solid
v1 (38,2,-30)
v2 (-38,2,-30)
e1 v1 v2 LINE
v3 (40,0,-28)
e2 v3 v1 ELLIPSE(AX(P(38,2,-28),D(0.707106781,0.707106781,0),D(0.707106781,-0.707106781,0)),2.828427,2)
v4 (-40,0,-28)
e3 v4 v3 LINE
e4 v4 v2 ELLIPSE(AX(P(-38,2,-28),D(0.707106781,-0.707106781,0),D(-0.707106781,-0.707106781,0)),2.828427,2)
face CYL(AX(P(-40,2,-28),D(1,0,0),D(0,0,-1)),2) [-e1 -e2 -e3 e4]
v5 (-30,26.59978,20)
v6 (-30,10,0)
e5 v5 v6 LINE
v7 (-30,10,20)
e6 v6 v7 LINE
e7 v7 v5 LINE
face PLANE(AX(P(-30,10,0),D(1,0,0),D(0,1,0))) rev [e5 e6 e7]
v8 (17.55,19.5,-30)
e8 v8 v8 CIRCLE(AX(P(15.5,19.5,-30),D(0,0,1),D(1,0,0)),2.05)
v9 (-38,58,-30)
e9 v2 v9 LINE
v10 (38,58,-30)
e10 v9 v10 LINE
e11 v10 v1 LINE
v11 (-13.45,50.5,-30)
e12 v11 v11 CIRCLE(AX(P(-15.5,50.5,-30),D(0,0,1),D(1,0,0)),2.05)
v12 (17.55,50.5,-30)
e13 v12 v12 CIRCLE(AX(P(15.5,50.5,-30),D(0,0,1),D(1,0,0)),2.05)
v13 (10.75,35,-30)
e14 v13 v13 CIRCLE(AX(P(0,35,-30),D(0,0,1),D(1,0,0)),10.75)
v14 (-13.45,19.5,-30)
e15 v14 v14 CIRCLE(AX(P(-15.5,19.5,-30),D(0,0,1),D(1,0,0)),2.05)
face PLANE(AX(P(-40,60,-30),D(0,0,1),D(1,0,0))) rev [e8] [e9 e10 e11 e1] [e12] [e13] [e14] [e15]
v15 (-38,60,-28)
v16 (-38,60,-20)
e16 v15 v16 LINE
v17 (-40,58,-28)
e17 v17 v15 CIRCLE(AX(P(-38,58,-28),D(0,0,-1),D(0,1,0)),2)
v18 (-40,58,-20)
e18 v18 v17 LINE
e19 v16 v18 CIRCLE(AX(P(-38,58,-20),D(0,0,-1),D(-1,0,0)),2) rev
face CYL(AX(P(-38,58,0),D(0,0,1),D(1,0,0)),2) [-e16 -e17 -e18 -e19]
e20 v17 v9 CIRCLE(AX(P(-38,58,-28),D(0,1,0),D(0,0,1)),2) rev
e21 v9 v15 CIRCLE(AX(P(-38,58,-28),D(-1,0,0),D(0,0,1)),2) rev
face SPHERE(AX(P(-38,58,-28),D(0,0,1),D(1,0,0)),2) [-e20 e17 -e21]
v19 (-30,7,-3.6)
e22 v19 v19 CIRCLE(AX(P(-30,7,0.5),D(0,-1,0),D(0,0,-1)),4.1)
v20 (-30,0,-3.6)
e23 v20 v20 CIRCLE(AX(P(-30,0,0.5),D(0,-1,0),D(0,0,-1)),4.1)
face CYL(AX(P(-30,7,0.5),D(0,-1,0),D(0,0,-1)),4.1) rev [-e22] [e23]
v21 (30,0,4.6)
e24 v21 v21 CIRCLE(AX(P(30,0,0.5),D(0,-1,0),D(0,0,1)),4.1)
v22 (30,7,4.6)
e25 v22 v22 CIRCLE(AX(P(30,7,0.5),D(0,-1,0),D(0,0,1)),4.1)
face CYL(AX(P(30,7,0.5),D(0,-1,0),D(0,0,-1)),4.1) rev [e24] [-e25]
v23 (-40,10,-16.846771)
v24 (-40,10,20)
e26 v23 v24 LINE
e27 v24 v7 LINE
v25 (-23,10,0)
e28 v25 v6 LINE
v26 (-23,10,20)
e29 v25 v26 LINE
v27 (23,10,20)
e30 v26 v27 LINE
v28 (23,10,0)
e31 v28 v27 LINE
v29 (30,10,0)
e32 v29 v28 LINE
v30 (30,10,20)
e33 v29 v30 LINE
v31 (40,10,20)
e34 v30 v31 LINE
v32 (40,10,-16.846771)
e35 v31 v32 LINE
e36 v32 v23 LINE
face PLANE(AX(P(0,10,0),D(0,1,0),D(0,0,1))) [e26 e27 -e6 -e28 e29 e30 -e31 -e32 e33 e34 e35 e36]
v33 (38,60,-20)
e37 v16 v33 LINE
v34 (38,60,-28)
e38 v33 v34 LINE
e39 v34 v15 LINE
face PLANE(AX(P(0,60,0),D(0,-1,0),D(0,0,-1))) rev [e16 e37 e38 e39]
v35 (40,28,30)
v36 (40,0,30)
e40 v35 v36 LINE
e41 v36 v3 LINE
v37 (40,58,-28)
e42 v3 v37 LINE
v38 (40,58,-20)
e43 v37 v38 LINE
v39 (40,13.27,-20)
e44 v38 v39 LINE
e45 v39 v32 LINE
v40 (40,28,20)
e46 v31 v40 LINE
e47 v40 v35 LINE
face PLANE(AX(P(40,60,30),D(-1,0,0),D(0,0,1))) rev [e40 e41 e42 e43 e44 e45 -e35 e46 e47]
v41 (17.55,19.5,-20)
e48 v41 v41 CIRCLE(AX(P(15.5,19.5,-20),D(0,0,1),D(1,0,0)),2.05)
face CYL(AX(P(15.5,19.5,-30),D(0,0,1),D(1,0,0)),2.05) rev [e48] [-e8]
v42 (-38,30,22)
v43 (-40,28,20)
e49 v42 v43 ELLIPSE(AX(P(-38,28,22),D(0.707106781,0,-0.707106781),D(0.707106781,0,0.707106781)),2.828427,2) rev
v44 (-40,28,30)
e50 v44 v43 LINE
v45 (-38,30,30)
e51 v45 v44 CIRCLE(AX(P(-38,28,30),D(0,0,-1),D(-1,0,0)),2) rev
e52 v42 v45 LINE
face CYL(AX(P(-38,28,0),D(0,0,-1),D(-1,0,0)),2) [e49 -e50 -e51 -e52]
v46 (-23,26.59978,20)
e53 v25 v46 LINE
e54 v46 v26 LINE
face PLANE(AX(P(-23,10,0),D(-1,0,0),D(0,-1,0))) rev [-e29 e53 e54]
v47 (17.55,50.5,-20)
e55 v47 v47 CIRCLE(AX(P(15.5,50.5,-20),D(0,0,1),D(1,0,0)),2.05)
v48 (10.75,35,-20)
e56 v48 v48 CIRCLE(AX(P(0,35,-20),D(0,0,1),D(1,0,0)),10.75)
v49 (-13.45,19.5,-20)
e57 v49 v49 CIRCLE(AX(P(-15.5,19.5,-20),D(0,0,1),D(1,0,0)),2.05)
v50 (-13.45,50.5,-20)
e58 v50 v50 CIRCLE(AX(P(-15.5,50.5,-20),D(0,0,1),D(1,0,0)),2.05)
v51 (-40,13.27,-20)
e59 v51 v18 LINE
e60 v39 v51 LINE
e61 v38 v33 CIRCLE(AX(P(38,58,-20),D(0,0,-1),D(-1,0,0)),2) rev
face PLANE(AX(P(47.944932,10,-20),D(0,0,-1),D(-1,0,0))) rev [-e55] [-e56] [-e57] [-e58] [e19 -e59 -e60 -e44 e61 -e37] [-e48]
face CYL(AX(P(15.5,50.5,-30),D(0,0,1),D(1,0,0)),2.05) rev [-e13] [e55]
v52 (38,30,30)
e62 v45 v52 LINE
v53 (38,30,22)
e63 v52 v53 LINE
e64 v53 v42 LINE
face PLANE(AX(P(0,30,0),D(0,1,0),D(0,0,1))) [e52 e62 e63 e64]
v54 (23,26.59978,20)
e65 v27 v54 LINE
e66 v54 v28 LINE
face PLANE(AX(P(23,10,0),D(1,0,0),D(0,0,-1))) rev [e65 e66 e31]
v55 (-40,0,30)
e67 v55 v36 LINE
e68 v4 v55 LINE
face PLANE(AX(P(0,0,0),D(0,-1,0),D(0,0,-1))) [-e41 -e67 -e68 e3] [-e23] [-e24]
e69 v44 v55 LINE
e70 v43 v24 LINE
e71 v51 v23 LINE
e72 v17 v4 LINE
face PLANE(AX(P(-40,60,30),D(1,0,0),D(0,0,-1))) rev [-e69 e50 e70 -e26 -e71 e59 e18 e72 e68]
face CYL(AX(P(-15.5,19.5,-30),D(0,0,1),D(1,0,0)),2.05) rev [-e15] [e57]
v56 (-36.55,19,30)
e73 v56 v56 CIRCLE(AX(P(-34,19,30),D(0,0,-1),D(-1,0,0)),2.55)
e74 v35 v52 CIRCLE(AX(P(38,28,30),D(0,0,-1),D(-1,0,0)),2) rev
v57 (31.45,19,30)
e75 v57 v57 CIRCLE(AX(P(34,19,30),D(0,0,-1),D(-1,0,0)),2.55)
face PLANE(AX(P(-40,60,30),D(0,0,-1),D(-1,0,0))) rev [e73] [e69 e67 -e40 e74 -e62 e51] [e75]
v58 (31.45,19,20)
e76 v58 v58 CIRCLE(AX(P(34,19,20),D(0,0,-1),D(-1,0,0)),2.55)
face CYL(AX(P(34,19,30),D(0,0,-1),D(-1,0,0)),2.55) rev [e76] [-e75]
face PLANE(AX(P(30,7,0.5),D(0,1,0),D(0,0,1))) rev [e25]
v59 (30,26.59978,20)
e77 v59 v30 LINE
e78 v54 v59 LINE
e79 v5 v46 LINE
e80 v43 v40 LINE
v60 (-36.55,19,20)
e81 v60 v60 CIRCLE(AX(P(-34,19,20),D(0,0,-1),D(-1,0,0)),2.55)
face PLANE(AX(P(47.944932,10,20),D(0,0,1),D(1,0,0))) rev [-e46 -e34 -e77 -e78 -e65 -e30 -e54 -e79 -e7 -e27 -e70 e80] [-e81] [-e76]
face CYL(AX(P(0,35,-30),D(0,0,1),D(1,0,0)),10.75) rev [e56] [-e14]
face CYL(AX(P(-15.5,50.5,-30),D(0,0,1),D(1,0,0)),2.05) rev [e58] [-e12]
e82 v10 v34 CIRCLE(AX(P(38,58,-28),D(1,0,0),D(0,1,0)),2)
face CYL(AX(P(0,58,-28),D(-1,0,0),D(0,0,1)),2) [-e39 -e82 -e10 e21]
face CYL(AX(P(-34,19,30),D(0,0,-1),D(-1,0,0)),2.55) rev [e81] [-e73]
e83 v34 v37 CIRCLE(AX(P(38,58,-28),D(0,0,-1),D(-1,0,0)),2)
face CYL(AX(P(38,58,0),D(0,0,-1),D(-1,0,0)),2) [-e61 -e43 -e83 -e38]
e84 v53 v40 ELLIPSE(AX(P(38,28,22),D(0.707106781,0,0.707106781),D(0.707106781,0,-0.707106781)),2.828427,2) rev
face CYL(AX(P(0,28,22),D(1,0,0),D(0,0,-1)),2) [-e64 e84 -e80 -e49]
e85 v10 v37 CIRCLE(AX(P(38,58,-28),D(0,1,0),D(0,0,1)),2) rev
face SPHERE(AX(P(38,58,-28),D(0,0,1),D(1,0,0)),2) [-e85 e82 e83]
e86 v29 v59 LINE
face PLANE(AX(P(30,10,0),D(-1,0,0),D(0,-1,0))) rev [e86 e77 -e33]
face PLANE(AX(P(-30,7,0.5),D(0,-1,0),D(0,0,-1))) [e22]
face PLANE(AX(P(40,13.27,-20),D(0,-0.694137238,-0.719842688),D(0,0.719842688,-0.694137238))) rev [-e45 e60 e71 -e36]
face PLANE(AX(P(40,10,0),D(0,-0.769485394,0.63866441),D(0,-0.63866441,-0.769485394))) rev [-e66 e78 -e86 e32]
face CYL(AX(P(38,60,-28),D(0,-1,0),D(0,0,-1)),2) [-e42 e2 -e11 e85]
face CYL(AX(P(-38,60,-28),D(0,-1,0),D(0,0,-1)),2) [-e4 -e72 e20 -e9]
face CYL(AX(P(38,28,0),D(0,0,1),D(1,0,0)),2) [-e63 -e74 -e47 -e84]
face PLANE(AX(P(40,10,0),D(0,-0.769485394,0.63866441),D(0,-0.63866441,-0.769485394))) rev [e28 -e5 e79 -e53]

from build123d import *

# Parameters (mm, degrees)
SKETCH1_W                = 80
SKETCH1_H                = 60
BOSS_EXTRUDE1_DEPTH      = 60
SKETCH2_W                = 95.889864734
SKETCH2_H                = 40
CUT_EXTRUDE1_DEPTH       = 50
SKETCH3_W                = 80
SKETCH3_H                = 10
CUT_EXTRUDE2_DEPTH       = 30
SKETCH5_R                = 4.1
CUT_EXTRUDE3_DEPTH       = 7
SKETCH8_R                = 10.75
CUT_EXTRUDE5_DEPTH       = 88.749643874
SKETCH12_R               = 2.05
CUT_EXTRUDE8_DEPTH       = 88.749643874
FILLET1_R                = 2
SKETCH13_R               = 2.55
CUT_EXTRUDE9_DEPTH       = 88.749643874
SKETCH6_W                = 7
SKETCH6_H                = 16.599779926
BOSS_EXTRUDE2_DEPTH      = 20
CUT_EXTRUDE10_DEPTH      = 97.953597148
CUT_EXTRUDE10_DEPTH_BACK = 97.953597148
BOSS_EXTRUDE3_DEPTH      = 40


with BuildPart() as part:
    # Sketch1 → Boss-Extrude1 (new body)
    with BuildSketch(Plane(origin=(0, 0, 0), x_dir=(1, 0, 0), z_dir=(0, 1, 0))):
        Rectangle(SKETCH1_W, SKETCH1_H)
    extrude(amount=BOSS_EXTRUDE1_DEPTH)

    # Sketch2 → Cut-Extrude1 (cut)
    with BuildSketch(Plane(origin=(0, 60, 0), x_dir=(1, 0, 0), z_dir=(0, 1, 0))):
        Rectangle(SKETCH2_W, SKETCH2_H)
    extrude(amount=-CUT_EXTRUDE1_DEPTH, mode=Mode.SUBTRACT)

    # Sketch3 → Cut-Extrude2 (cut)
    with BuildSketch(Plane(origin=(0, 60, 0), x_dir=(1, 0, 0), z_dir=(0, 1, 0))):
        with Locations((0, -25)):
            Rectangle(SKETCH3_W, SKETCH3_H)
    extrude(amount=-CUT_EXTRUDE2_DEPTH, mode=Mode.SUBTRACT)

    # Sketch5 → Cut-Extrude3 (cut)
    with BuildSketch(Plane.XZ):
        with Locations(Location((-30, 0.5, 0), (0, 0, 270))):
            Circle(SKETCH5_R)
        with Locations(Location((30, 0.5, 0), (0, 0, 90))):
            Circle(SKETCH5_R)
    extrude(amount=-CUT_EXTRUDE3_DEPTH, mode=Mode.SUBTRACT)

    # Sketch8 → Cut-Extrude5 (cut, through all)
    with BuildSketch(Plane.XY.offset(-20)):
        with Locations((0, 35)):
            Circle(SKETCH8_R)
    extrude(amount=-CUT_EXTRUDE5_DEPTH, mode=Mode.SUBTRACT)

    # Sketch12 → Cut-Extrude8 (cut, through all)
    with BuildSketch(Plane.XY.offset(-20)):
        with Locations((15.5, 50.5)):
            Circle(SKETCH12_R)
        with Locations((-15.5, 19.5)):
            Circle(SKETCH12_R)
        with Locations((-15.5, 50.5)):
            Circle(SKETCH12_R)
        with Locations((15.5, 19.5)):
            Circle(SKETCH12_R)
    extrude(amount=-CUT_EXTRUDE8_DEPTH, mode=Mode.SUBTRACT)

    # Fillet1
    fillet1_edges = [part.edges().sort_by_distance(p)[0] for p in [
        (-40, 60, -25),
        (40, 60, -25),
        (-40, 30, 25),
        (0, 30, 20),
        (40, 30, 25),
        (0, 0, -30),
        (-40, 30, -30),
        (40, 30, -30),
        (0, 60, -30),
    ]]
    fillet(fillet1_edges, radius=FILLET1_R)

    # Sketch13 → Cut-Extrude9 (cut, through all)
    with BuildSketch(Plane(origin=(0, 0, 20), x_dir=(-1, 0, 0), z_dir=(0, 0, -1))):
        with Locations((-34, 19)):
            Circle(SKETCH13_R)
        with Locations((34, 19)):
            Circle(SKETCH13_R)
    extrude(amount=-CUT_EXTRUDE9_DEPTH, mode=Mode.SUBTRACT)

    # Sketch6 → Boss-Extrude2 (add)
    with BuildSketch(Plane(origin=(0, 0, 20), x_dir=(-1, 0, 0), z_dir=(0, 0, -1))):
        with Locations((-26.5, 18.299889963)):
            Rectangle(SKETCH6_W, SKETCH6_H)
        with Locations((26.5, 18.299889963)):
            Rectangle(SKETCH6_W, SKETCH6_H)
    extrude(amount=BOSS_EXTRUDE2_DEPTH)

    # Sketch14 → Cut-Extrude10 (cut, two sides: drawn at the far end of the back side and taken through both)
    with BuildSketch(Plane.ZY.offset(30).offset(-CUT_EXTRUDE10_DEPTH_BACK)):
        Polygon((0, 10), (20, 26.599779926), (0, 26.599779926), align=None)
    extrude(amount=CUT_EXTRUDE10_DEPTH + CUT_EXTRUDE10_DEPTH_BACK, mode=Mode.SUBTRACT)

    # Sketch15 → Boss-Extrude3 (add, symmetric)
    with BuildSketch(Plane(origin=(0, 0, 0), x_dir=(0, 0, -1), z_dir=(1, 0, 0))):
        Polygon((20, 13.27), (16.846771097, 10), (20, 10), align=None)
    extrude(amount=BOSS_EXTRUDE3_DEPTH, both=True)


solid = part.part
